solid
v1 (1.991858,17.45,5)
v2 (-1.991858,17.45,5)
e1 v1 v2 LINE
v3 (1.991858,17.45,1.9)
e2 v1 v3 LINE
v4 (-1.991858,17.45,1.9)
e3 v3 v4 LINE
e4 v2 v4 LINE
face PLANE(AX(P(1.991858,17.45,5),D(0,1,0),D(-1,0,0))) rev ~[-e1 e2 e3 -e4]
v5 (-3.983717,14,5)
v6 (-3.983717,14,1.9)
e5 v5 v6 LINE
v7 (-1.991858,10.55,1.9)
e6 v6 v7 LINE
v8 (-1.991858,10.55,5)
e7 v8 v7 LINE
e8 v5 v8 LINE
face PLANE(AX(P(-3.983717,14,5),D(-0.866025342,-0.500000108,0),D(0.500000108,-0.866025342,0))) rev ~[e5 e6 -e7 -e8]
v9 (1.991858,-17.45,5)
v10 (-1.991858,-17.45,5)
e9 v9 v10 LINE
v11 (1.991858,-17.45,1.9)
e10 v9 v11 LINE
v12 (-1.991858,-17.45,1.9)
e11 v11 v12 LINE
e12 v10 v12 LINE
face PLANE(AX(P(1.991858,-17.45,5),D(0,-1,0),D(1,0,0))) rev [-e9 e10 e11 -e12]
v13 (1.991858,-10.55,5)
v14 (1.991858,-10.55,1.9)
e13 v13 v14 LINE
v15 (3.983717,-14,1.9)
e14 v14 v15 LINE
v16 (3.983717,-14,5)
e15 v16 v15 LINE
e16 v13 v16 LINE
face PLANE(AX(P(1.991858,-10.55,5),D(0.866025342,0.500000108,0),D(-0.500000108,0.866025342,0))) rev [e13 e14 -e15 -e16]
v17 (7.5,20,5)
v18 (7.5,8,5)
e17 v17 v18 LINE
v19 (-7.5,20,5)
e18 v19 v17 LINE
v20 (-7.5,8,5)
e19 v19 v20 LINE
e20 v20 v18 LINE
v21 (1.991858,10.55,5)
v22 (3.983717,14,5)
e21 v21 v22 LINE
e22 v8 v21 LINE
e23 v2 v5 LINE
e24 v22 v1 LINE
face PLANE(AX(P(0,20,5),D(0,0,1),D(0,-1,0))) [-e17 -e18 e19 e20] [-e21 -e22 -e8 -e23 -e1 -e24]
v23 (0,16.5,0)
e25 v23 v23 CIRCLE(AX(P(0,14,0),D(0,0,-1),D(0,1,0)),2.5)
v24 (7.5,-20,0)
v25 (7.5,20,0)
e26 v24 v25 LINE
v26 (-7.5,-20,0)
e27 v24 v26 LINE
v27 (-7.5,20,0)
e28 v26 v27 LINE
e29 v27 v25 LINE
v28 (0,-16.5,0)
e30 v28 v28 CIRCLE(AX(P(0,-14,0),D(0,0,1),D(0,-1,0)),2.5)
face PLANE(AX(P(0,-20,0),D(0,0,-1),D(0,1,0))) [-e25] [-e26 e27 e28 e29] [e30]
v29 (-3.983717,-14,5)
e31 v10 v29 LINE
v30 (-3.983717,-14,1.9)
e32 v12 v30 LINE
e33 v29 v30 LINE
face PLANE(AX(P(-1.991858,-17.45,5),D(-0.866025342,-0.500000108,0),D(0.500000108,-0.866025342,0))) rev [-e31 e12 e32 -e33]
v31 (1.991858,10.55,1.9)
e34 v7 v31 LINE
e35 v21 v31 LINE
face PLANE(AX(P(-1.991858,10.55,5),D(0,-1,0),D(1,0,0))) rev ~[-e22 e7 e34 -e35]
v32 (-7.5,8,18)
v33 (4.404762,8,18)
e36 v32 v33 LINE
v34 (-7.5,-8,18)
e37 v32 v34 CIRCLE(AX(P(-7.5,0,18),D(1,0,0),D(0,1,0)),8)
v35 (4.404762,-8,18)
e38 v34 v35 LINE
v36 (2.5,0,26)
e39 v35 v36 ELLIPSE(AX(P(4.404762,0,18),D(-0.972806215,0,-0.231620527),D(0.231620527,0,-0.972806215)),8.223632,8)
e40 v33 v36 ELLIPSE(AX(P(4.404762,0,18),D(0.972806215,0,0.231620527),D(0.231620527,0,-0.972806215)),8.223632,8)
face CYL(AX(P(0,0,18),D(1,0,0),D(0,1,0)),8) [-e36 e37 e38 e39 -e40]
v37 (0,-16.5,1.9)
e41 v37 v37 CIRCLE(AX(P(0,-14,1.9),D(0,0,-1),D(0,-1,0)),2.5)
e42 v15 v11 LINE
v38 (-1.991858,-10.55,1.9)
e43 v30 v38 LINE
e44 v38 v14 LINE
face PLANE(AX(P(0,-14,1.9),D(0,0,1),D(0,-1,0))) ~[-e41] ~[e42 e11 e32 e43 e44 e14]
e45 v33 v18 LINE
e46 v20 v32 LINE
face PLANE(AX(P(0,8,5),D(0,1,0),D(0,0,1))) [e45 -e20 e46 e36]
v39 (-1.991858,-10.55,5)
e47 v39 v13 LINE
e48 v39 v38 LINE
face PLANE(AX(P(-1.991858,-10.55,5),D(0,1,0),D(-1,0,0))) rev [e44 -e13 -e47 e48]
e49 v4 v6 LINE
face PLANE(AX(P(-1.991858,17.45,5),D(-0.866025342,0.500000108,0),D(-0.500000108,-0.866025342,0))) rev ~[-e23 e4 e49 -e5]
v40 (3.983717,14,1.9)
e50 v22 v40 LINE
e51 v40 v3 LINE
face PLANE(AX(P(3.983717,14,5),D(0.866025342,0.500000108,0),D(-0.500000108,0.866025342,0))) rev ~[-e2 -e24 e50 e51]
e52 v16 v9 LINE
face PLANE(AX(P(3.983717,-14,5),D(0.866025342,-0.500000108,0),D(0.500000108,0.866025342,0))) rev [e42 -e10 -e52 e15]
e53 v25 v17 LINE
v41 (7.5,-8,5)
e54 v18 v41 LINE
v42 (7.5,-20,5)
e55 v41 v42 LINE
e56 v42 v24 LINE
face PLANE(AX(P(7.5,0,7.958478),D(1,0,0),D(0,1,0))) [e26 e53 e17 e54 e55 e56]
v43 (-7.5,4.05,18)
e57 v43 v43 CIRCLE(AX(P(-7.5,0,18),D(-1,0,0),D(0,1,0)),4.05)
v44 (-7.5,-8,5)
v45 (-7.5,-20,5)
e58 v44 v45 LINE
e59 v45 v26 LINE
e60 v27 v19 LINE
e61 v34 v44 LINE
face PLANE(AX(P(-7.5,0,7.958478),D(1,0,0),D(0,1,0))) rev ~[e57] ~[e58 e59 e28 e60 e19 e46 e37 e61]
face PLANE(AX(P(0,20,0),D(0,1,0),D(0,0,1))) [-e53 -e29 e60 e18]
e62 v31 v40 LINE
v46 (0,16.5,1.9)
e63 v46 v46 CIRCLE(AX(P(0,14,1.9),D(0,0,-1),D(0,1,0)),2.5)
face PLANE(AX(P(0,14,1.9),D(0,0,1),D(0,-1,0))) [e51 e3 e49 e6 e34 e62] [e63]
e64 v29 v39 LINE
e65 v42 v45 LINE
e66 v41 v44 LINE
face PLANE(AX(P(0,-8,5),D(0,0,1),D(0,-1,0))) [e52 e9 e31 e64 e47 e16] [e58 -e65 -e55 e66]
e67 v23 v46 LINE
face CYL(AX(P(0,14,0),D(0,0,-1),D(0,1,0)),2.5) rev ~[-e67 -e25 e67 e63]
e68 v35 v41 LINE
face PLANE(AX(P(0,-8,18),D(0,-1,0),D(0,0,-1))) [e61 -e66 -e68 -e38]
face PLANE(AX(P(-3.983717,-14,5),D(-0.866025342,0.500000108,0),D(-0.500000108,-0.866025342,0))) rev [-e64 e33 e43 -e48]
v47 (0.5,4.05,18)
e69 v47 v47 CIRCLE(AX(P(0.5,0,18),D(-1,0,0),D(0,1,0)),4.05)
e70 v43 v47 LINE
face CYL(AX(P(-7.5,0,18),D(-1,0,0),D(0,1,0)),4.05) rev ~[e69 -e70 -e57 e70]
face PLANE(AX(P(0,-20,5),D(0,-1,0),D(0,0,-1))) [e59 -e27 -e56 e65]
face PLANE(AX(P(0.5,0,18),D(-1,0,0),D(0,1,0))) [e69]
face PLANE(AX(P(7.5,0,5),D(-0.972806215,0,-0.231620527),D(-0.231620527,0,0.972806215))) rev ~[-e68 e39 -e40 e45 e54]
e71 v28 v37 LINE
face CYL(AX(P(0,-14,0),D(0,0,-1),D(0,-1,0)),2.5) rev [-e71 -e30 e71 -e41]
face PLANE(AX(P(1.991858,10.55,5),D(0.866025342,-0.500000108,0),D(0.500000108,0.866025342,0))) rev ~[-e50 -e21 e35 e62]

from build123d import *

# Parameters (mm, degrees)
PAD_DEPTH            = 7.5
POCKET_DEPTH         = 3.1
SKETCH002_R          = 2.5
POCKET001_DEPTH      = 126.020998
SKETCH003_R          = 4.05
POCKET002_DEPTH      = 8
POCKET003_DEPTH      = 20.001
POCKET003_DEPTH_BACK = -20.001


with BuildPart() as part:
    # Sketch → Pad (new body, symmetric)
    with BuildSketch(Plane.YZ):
        with BuildLine():
            Line((-20, 0), (20, 0))
            Line((20, 0), (20, 5))
            Line((20, 5), (8, 5))
            Line((8, 5), (8, 18))
            ThreePointArc((8, 18), (0, 26), (-8, 18))
            Line((-8, 18), (-8, 5))
            Line((-8, 5), (-20, 5))
            Line((-20, 5), (-20, 0))
        make_face()
    extrude(amount=PAD_DEPTH, both=True)

    # Sketch001 (on Face7 of Pad) → Pocket (cut)
    with BuildSketch(Plane(origin=(0, 0, 5), x_dir=(0, -1, 0), z_dir=(0, 0, 1))):
        Polygon((-10.55, 1.991858), (-14, 3.983717), (-17.45, 1.991858), (-17.45, -1.991858), (-14, -3.983717), (-10.55, -1.991858), align=None)
    pocket = extrude(amount=-POCKET_DEPTH, mode=Mode.SUBTRACT)

    # Sketch002 (on Face1 of Pocket) → Pocket001 (cut, through all)
    with BuildSketch(Plane.YX):
        with Locations((14, 0)):
            Circle(SKETCH002_R)
    pocket001 = extrude(amount=-POCKET001_DEPTH, mode=Mode.SUBTRACT)

    # Mirrored: Pocket, Pocket001 across XZ
    add(pocket.mirror(Plane.XZ), mode=Mode.SUBTRACT)
    add(pocket001.mirror(Plane.XZ), mode=Mode.SUBTRACT)

    # Sketch003 (on Face3 of Mirrored) → Pocket002 (cut)
    with BuildSketch(Plane(origin=(-7.5, 0, 0), x_dir=(0, 1, 0), z_dir=(-1, 0, 0))):
        with Locations((0, -18)):
            Circle(SKETCH003_R)
    extrude(amount=-POCKET002_DEPTH, mode=Mode.SUBTRACT)

    # Sketch004 → Pocket003 (cut, two sides)
    with BuildSketch(Plane.XZ) as pocket003_sk:
        Polygon((7.5, 5), (2.5, 26), (7.5, 26), align=None)
    extrude(amount=-POCKET003_DEPTH, mode=Mode.SUBTRACT)
    extrude(pocket003_sk.sketch, amount=-POCKET003_DEPTH_BACK, mode=Mode.SUBTRACT)


solid = part.part
